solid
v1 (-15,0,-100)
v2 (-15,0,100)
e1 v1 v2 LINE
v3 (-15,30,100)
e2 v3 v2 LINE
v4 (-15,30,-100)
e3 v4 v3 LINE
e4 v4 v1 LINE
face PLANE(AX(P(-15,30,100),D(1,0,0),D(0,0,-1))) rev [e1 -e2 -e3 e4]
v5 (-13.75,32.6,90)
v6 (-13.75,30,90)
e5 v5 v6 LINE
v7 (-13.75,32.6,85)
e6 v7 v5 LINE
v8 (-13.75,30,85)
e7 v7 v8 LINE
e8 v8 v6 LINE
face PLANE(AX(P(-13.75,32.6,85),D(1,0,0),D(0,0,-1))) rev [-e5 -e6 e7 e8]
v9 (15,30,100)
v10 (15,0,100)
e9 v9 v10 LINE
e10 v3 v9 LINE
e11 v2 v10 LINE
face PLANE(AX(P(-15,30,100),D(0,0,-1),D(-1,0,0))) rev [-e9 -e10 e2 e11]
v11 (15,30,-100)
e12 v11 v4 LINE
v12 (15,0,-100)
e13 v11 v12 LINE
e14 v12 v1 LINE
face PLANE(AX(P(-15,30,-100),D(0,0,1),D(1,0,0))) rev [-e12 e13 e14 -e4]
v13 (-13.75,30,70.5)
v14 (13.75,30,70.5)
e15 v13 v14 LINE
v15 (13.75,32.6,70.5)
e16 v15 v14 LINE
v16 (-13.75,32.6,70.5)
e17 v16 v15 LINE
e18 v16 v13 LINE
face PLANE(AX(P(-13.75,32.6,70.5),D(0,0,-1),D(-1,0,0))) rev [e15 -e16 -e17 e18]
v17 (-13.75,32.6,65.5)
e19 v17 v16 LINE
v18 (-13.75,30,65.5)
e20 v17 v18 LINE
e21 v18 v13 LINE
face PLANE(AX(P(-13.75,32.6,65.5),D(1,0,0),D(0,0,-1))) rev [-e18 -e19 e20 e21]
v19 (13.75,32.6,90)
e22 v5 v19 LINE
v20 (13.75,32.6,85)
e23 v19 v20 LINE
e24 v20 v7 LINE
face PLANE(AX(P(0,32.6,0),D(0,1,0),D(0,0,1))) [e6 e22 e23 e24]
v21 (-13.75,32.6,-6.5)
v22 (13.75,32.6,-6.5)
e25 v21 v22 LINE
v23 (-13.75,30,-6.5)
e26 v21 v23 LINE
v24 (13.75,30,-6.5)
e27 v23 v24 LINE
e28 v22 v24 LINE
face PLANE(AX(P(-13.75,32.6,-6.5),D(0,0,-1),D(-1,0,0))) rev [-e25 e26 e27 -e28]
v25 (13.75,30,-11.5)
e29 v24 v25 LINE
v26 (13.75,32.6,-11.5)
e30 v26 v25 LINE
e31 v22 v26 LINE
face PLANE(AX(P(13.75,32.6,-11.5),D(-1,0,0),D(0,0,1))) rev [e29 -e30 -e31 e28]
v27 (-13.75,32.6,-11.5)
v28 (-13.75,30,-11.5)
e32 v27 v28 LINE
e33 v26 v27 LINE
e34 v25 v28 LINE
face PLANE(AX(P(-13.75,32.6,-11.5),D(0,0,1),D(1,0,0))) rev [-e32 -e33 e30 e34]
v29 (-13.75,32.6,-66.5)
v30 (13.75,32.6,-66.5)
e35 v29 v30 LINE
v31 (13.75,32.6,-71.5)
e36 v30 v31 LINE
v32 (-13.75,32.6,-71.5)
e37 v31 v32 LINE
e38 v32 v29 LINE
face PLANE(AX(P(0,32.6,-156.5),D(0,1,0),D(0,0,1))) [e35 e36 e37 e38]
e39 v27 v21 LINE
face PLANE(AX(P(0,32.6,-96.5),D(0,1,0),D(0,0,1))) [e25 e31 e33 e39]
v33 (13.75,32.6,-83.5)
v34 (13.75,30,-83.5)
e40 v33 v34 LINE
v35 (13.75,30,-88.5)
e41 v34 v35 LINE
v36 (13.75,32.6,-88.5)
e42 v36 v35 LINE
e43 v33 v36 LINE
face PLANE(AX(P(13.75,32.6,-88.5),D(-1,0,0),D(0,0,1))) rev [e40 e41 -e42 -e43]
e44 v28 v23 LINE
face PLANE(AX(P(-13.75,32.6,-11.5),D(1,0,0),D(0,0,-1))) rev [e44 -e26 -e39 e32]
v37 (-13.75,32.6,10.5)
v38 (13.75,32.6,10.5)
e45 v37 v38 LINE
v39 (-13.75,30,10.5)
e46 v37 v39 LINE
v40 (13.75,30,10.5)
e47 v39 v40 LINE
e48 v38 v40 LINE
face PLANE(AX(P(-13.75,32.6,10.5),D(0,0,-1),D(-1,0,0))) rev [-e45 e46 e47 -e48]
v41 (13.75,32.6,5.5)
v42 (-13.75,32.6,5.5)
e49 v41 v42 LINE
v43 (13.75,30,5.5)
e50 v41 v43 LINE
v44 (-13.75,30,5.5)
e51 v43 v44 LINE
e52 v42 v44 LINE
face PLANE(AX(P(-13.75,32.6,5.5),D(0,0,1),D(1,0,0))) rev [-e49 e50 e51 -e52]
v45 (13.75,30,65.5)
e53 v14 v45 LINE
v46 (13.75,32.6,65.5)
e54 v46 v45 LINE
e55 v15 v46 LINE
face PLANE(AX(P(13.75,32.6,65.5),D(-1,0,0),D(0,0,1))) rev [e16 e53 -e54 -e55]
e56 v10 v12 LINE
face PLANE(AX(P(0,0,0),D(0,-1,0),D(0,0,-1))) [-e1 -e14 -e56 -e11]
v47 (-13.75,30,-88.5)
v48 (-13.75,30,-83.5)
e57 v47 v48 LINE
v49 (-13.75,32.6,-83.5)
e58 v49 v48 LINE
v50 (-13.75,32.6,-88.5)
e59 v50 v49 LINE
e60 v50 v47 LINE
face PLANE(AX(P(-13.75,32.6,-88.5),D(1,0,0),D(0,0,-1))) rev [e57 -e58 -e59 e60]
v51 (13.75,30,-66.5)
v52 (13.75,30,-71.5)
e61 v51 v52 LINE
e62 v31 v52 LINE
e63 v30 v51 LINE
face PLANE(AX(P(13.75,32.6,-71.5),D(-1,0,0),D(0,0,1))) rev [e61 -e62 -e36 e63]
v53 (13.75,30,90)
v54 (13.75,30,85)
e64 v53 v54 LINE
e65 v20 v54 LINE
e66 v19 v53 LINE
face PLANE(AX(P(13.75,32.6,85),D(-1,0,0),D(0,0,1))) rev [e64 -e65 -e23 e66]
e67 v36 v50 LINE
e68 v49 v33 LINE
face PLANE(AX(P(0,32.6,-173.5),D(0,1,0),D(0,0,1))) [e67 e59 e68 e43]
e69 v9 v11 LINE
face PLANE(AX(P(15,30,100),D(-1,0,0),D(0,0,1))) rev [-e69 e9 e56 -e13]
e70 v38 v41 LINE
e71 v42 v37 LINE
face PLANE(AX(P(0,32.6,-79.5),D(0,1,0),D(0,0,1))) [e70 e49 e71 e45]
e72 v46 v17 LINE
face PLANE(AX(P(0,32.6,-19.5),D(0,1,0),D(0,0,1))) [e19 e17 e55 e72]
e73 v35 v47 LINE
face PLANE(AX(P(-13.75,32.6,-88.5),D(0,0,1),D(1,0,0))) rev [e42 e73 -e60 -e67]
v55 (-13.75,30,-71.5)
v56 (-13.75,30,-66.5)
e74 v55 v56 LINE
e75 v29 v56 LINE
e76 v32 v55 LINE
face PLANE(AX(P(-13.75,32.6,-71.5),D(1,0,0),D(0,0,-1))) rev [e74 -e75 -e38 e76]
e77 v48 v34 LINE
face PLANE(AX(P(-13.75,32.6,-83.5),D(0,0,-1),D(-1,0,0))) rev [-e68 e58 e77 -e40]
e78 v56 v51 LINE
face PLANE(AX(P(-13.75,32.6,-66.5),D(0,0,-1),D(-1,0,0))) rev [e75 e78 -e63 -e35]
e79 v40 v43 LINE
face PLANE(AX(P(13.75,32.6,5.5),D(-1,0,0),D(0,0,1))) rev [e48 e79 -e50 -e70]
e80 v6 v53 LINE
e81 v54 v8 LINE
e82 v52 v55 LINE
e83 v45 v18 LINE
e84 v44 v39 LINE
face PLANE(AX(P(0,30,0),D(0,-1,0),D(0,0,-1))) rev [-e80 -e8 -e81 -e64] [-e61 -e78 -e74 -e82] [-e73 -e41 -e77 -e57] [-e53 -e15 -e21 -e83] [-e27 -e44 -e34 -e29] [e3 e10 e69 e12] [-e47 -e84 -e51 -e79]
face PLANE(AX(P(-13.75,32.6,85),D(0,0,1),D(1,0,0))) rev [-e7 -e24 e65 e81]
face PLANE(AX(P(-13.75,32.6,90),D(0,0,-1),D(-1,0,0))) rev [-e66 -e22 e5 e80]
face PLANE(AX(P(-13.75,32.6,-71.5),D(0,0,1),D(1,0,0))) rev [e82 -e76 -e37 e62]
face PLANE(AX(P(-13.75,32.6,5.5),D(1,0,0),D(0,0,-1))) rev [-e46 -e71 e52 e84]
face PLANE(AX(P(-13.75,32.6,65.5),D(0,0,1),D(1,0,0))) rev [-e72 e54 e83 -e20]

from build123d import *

# Parameters (mm, degrees)
SKETCH1_W           = 30
SKETCH1_H           = 200
BOSS_EXTRUDE1_DEPTH = 30
SKETCH3_W           = 27.5
SKETCH3_H           = 5
BOSS_EXTRUDE2_DEPTH = 2.6


with BuildPart() as part:
    # Sketch1 → Boss-Extrude1 (new body)
    with BuildSketch(Plane(origin=(0, 0, 0), x_dir=(1, 0, 0), z_dir=(0, 1, 0))):
        Rectangle(SKETCH1_W, SKETCH1_H)
    extrude(amount=BOSS_EXTRUDE1_DEPTH)

    # Sketch3 → Boss-Extrude2 (add)
    with BuildSketch(Plane(origin=(0, 30, 0), x_dir=(1, 0, 0), z_dir=(0, 1, 0))):
        with Locations((0, -87.5)):
            Rectangle(SKETCH3_W, SKETCH3_H)
    boss_extrude2 = extrude(amount=BOSS_EXTRUDE2_DEPTH)

    # Sketch-Pattern1: Boss-Extrude2 at 5 more places
    with Locations((0, 0, -19.5), (0, 0, -79.5), (0, 0, -96.5), (0, 0, -156.5), (0, 0, -173.5)):
        add(boss_extrude2)


solid = part.part
